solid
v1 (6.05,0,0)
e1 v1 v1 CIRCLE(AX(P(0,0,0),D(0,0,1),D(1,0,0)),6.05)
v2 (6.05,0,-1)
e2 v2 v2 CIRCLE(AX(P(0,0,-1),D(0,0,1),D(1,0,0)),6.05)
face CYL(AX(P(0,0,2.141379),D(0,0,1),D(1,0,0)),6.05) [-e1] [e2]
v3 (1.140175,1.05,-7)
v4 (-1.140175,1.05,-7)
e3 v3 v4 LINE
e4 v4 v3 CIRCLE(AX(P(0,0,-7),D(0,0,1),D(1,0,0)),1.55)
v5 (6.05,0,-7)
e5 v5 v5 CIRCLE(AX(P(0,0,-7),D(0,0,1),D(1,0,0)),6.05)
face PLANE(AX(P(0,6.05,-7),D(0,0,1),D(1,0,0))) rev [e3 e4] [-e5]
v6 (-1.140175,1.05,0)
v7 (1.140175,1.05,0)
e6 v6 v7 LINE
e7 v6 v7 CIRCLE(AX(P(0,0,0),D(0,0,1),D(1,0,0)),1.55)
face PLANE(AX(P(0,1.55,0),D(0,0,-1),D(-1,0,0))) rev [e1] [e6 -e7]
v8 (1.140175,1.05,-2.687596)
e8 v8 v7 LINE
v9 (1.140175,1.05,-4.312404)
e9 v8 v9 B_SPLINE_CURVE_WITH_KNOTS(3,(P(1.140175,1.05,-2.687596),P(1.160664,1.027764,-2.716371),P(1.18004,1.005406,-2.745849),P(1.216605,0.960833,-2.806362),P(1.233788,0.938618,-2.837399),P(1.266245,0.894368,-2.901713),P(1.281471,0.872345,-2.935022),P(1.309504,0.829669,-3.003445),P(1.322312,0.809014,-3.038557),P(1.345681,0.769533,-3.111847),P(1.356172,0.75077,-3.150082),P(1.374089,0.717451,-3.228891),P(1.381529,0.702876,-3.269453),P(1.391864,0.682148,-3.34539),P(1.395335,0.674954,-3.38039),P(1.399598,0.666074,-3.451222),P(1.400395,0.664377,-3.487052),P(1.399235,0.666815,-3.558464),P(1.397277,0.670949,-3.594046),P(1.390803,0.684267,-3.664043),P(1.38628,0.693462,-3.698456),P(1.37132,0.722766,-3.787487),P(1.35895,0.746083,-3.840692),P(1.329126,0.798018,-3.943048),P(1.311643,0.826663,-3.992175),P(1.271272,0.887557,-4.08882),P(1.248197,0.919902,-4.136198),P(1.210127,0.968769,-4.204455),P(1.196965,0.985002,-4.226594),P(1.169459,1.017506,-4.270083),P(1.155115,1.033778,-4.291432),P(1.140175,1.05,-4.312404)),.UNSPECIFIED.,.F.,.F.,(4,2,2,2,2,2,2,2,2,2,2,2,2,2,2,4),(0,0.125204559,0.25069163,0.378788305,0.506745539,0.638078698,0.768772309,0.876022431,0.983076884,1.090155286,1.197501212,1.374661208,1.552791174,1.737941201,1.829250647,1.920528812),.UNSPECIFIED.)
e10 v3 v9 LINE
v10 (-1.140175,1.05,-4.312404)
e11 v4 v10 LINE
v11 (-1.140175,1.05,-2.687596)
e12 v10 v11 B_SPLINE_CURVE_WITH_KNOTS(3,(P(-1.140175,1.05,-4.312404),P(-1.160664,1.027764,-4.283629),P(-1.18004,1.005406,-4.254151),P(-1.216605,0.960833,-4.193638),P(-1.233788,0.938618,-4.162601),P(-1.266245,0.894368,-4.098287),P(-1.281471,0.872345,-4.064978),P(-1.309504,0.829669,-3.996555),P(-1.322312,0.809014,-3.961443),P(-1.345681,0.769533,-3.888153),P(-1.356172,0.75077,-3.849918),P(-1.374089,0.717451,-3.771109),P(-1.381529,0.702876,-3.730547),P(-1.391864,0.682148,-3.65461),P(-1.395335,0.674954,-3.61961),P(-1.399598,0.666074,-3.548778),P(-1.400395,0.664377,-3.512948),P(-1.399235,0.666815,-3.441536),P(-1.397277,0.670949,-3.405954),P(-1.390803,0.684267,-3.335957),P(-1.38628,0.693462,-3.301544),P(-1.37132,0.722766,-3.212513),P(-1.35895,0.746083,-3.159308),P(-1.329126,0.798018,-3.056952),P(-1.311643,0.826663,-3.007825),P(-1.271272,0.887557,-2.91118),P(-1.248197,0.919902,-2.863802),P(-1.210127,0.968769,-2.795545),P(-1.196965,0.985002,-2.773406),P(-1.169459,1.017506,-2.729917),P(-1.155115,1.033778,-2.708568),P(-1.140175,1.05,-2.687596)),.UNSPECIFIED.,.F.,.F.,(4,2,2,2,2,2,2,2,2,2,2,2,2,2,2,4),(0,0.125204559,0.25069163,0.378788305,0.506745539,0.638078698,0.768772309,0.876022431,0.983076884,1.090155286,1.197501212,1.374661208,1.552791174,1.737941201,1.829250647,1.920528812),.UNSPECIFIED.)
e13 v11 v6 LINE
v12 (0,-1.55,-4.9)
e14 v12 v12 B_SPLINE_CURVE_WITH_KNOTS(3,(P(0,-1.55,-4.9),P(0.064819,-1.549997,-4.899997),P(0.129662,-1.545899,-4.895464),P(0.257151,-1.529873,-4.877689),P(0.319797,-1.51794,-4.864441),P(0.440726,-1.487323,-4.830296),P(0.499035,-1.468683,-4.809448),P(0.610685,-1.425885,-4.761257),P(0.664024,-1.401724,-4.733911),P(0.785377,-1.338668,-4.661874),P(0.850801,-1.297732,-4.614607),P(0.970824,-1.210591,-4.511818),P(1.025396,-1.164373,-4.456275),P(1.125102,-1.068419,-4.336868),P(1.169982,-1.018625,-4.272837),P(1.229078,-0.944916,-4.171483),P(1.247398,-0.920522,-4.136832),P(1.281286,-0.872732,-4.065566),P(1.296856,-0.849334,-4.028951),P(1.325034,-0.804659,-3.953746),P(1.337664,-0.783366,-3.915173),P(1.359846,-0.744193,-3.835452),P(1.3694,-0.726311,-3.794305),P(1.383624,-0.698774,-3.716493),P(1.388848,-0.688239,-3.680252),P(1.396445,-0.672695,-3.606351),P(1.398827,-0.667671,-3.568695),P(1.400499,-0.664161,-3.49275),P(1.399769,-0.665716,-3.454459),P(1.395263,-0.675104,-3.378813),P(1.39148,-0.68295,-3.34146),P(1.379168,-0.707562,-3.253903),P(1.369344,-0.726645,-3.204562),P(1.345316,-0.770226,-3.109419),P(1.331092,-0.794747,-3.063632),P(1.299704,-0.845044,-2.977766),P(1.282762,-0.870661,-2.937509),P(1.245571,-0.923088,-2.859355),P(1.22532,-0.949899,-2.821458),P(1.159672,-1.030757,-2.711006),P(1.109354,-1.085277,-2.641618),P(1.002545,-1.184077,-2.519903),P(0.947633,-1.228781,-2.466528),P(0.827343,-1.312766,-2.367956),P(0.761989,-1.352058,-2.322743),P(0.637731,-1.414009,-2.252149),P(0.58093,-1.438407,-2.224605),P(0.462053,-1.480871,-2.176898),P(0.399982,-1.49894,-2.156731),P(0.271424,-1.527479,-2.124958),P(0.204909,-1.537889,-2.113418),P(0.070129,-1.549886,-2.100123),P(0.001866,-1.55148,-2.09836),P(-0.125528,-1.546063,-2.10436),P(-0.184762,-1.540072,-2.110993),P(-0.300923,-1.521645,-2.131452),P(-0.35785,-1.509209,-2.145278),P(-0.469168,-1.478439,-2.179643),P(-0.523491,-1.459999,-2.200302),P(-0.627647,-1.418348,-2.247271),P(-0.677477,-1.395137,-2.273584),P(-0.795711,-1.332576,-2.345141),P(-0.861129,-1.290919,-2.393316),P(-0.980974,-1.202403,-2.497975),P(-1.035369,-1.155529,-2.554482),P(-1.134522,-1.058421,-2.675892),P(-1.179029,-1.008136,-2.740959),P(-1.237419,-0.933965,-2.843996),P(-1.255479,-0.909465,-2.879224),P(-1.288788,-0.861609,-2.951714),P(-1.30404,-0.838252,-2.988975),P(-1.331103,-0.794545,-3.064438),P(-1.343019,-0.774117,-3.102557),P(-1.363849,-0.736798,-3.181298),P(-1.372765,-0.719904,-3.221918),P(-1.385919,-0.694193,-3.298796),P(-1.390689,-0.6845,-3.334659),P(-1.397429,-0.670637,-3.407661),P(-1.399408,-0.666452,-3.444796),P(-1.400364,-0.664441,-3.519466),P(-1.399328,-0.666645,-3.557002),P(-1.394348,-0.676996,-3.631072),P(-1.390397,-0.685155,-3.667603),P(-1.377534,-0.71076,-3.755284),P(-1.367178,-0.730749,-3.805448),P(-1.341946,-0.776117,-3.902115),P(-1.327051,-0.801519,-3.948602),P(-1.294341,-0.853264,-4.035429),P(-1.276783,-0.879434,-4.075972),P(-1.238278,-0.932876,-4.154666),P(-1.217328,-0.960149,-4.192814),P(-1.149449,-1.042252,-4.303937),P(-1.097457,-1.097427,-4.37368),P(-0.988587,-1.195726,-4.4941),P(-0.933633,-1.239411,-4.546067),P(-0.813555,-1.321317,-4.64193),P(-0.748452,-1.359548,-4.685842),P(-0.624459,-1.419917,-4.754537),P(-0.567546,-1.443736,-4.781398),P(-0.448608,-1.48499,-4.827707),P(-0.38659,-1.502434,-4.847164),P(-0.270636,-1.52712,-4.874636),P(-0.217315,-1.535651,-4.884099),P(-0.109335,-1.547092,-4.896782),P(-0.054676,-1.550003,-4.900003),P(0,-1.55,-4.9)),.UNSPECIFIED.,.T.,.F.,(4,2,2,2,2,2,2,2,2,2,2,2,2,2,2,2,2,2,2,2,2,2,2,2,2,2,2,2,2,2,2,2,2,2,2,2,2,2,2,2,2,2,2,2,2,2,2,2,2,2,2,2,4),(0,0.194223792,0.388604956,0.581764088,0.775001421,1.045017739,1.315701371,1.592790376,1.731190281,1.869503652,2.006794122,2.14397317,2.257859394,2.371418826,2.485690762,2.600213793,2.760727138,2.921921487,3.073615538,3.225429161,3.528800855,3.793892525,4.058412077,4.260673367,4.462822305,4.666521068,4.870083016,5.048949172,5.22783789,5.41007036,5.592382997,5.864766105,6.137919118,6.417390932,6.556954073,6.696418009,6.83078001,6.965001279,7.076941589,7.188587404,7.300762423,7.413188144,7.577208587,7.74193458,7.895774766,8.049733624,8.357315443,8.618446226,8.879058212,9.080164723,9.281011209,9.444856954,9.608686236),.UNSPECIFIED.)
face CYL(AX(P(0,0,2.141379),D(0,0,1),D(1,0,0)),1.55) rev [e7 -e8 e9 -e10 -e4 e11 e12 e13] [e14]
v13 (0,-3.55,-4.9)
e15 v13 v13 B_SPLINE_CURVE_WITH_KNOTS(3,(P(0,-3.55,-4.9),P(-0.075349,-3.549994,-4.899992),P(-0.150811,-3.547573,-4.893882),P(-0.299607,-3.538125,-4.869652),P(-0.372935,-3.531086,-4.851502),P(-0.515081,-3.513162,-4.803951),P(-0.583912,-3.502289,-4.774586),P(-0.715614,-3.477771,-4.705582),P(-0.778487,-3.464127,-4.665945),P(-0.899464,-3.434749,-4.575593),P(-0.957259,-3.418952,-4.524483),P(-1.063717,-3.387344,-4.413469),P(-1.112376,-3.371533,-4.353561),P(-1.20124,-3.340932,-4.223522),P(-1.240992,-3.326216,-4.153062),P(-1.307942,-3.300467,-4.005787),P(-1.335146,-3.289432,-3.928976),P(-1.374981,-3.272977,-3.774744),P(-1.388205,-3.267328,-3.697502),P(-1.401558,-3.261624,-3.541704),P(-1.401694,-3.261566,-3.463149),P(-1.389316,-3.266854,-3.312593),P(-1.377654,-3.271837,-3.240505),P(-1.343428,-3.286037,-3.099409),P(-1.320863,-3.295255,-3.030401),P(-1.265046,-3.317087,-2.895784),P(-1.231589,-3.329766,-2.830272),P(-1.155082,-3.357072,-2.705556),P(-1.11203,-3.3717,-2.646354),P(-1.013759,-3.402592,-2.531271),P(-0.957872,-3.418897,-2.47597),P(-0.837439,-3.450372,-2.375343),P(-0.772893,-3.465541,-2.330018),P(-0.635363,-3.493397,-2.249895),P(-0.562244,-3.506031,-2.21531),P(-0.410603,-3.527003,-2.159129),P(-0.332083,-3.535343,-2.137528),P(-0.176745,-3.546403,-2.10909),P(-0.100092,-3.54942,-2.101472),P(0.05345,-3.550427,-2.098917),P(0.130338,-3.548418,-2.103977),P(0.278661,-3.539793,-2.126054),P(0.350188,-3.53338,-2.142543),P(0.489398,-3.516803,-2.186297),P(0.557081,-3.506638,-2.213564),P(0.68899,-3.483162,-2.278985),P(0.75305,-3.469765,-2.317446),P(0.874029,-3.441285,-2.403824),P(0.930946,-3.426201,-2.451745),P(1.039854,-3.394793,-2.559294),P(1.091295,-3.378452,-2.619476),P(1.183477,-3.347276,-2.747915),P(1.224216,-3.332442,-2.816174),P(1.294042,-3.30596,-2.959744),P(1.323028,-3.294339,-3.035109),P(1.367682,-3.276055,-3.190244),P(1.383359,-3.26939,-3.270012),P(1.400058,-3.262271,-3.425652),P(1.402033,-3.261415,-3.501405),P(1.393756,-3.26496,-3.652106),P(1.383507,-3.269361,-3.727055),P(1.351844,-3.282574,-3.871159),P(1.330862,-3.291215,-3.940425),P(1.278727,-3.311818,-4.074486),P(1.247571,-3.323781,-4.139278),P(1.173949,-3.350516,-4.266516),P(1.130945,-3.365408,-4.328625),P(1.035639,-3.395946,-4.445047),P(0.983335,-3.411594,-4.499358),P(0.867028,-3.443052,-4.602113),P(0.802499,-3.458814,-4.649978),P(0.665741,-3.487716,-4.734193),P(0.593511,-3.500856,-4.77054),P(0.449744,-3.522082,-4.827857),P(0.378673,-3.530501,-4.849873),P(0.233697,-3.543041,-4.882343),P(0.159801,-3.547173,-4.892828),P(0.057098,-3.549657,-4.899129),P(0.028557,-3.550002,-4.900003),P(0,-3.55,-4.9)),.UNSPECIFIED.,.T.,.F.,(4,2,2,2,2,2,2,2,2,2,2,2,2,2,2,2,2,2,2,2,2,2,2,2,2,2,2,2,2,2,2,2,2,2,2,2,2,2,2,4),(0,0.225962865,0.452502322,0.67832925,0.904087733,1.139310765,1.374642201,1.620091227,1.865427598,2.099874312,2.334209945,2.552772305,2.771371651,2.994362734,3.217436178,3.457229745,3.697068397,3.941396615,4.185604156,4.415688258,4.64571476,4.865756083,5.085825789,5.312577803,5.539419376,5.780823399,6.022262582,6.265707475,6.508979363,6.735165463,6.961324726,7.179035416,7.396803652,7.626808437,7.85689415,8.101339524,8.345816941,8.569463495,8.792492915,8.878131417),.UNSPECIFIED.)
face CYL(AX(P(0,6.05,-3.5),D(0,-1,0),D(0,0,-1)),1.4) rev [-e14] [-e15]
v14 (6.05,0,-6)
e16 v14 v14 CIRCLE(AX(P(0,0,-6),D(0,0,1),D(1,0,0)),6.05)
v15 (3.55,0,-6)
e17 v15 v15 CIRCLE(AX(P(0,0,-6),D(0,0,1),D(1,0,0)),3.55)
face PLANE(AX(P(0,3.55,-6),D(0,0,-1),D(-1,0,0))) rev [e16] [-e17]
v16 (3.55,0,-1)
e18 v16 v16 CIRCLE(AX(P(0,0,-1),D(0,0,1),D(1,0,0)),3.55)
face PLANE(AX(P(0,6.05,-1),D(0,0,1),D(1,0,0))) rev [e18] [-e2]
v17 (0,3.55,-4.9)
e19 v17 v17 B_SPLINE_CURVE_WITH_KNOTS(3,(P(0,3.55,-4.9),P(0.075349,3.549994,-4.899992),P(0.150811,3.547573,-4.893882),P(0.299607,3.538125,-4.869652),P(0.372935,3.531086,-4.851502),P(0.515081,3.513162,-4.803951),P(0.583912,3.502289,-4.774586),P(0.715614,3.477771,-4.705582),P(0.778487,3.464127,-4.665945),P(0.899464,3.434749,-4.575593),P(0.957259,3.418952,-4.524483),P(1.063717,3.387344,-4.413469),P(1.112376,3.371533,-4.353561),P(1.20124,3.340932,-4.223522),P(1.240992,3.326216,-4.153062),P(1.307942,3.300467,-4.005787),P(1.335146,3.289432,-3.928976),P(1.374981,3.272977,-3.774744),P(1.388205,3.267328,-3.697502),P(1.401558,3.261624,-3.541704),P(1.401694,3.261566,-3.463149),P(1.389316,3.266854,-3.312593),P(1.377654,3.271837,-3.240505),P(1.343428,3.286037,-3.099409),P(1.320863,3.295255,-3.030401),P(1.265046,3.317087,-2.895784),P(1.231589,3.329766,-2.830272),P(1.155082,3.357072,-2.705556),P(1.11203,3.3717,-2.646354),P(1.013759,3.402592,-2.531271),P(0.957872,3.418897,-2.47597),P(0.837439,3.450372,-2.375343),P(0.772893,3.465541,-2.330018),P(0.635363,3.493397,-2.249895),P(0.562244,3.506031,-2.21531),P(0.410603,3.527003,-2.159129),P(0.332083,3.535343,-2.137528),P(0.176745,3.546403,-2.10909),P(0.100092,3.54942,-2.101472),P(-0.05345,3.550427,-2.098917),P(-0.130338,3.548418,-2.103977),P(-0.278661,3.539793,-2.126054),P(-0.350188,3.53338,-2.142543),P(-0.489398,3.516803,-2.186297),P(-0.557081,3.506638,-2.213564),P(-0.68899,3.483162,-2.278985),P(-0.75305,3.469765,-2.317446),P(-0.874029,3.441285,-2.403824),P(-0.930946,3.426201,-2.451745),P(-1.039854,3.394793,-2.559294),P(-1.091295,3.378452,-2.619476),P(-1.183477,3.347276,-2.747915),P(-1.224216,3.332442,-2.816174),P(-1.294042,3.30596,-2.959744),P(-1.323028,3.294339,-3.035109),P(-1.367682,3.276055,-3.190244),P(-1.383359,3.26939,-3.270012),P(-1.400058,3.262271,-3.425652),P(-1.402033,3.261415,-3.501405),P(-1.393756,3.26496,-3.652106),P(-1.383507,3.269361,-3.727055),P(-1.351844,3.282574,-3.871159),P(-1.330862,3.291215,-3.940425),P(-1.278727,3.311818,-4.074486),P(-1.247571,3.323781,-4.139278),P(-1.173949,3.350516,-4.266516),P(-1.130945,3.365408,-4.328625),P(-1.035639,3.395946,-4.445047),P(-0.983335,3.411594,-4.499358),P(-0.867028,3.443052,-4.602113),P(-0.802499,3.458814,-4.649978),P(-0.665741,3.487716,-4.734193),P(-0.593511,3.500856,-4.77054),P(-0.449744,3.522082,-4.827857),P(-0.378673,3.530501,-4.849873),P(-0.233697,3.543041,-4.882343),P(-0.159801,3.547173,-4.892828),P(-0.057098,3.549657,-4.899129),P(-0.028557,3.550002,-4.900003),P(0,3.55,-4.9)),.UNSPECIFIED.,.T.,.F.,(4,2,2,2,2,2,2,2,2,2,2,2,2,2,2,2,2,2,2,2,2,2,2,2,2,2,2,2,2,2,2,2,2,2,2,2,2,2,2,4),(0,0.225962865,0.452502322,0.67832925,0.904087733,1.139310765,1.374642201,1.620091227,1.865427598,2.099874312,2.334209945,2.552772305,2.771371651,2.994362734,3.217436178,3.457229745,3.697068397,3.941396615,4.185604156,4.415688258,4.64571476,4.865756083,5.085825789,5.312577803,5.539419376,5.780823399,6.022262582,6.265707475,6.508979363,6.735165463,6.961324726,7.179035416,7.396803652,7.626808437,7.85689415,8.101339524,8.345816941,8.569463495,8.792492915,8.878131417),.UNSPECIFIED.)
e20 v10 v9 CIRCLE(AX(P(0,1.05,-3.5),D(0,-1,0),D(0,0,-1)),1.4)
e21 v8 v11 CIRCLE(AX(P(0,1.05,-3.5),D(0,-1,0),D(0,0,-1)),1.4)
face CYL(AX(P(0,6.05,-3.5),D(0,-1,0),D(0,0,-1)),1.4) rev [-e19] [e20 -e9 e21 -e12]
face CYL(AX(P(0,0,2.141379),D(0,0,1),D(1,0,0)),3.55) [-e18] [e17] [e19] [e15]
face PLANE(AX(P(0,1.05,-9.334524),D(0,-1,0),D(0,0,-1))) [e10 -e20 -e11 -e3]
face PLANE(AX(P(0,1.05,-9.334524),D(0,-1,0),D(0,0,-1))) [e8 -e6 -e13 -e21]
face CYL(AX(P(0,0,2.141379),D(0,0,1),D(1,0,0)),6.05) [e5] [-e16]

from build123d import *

# Parameters (mm, degrees)
BOSS_EXTRUDE1_DEPTH     = 7
CUT_EXTRUDE1_DEPTH      = 12.66243971
CUT_EXTRUDE1_DEPTH_BACK = 12.66243971
SKETCH5_R               = 1.4


with BuildPart() as part:
    # Sketch2 → Revolve1 (revolve)
    with BuildSketch(Plane(origin=(0, 0, 0), x_dir=(0, 0, -1), z_dir=(1, 0, 0)), mode=Mode.PRIVATE) as revolve1_sk:
        Polygon((0, 1.55), (0, 6.05), (1, 6.05), (1, 3.55), (6, 3.55), (6, 6.05), (7, 6.05), (7, 1.55), align=None)
    revolve(revolve1_sk.sketch.rotate(Axis((0, 0, 2.14137931), (0, 0, -1)), 90), axis=Axis((0, 0, 2.14137931), (0, 0, -1)))

    # Sketch4 → Boss-Extrude1 (add)
    with BuildSketch(Plane.XY):
        with BuildLine():
            ThreePointArc((1.140175425, 1.05), (0, 1.55), (-1.140175425, 1.05))
            Line((-1.140175425, 1.05), (1.140175425, 1.05))
        make_face()
    extrude(amount=-BOSS_EXTRUDE1_DEPTH)

    # Sketch5 → Cut-Extrude1 (cut, two sides: drawn at the far end of the back side and taken through both)
    with BuildSketch(Plane.XZ.offset(-1.05).offset(-CUT_EXTRUDE1_DEPTH_BACK)):
        with Locations(Location((0, -3.5, 0), (0, 0, 270))):
            Circle(SKETCH5_R)
    extrude(amount=CUT_EXTRUDE1_DEPTH + CUT_EXTRUDE1_DEPTH_BACK, mode=Mode.SUBTRACT)


solid = part.part
